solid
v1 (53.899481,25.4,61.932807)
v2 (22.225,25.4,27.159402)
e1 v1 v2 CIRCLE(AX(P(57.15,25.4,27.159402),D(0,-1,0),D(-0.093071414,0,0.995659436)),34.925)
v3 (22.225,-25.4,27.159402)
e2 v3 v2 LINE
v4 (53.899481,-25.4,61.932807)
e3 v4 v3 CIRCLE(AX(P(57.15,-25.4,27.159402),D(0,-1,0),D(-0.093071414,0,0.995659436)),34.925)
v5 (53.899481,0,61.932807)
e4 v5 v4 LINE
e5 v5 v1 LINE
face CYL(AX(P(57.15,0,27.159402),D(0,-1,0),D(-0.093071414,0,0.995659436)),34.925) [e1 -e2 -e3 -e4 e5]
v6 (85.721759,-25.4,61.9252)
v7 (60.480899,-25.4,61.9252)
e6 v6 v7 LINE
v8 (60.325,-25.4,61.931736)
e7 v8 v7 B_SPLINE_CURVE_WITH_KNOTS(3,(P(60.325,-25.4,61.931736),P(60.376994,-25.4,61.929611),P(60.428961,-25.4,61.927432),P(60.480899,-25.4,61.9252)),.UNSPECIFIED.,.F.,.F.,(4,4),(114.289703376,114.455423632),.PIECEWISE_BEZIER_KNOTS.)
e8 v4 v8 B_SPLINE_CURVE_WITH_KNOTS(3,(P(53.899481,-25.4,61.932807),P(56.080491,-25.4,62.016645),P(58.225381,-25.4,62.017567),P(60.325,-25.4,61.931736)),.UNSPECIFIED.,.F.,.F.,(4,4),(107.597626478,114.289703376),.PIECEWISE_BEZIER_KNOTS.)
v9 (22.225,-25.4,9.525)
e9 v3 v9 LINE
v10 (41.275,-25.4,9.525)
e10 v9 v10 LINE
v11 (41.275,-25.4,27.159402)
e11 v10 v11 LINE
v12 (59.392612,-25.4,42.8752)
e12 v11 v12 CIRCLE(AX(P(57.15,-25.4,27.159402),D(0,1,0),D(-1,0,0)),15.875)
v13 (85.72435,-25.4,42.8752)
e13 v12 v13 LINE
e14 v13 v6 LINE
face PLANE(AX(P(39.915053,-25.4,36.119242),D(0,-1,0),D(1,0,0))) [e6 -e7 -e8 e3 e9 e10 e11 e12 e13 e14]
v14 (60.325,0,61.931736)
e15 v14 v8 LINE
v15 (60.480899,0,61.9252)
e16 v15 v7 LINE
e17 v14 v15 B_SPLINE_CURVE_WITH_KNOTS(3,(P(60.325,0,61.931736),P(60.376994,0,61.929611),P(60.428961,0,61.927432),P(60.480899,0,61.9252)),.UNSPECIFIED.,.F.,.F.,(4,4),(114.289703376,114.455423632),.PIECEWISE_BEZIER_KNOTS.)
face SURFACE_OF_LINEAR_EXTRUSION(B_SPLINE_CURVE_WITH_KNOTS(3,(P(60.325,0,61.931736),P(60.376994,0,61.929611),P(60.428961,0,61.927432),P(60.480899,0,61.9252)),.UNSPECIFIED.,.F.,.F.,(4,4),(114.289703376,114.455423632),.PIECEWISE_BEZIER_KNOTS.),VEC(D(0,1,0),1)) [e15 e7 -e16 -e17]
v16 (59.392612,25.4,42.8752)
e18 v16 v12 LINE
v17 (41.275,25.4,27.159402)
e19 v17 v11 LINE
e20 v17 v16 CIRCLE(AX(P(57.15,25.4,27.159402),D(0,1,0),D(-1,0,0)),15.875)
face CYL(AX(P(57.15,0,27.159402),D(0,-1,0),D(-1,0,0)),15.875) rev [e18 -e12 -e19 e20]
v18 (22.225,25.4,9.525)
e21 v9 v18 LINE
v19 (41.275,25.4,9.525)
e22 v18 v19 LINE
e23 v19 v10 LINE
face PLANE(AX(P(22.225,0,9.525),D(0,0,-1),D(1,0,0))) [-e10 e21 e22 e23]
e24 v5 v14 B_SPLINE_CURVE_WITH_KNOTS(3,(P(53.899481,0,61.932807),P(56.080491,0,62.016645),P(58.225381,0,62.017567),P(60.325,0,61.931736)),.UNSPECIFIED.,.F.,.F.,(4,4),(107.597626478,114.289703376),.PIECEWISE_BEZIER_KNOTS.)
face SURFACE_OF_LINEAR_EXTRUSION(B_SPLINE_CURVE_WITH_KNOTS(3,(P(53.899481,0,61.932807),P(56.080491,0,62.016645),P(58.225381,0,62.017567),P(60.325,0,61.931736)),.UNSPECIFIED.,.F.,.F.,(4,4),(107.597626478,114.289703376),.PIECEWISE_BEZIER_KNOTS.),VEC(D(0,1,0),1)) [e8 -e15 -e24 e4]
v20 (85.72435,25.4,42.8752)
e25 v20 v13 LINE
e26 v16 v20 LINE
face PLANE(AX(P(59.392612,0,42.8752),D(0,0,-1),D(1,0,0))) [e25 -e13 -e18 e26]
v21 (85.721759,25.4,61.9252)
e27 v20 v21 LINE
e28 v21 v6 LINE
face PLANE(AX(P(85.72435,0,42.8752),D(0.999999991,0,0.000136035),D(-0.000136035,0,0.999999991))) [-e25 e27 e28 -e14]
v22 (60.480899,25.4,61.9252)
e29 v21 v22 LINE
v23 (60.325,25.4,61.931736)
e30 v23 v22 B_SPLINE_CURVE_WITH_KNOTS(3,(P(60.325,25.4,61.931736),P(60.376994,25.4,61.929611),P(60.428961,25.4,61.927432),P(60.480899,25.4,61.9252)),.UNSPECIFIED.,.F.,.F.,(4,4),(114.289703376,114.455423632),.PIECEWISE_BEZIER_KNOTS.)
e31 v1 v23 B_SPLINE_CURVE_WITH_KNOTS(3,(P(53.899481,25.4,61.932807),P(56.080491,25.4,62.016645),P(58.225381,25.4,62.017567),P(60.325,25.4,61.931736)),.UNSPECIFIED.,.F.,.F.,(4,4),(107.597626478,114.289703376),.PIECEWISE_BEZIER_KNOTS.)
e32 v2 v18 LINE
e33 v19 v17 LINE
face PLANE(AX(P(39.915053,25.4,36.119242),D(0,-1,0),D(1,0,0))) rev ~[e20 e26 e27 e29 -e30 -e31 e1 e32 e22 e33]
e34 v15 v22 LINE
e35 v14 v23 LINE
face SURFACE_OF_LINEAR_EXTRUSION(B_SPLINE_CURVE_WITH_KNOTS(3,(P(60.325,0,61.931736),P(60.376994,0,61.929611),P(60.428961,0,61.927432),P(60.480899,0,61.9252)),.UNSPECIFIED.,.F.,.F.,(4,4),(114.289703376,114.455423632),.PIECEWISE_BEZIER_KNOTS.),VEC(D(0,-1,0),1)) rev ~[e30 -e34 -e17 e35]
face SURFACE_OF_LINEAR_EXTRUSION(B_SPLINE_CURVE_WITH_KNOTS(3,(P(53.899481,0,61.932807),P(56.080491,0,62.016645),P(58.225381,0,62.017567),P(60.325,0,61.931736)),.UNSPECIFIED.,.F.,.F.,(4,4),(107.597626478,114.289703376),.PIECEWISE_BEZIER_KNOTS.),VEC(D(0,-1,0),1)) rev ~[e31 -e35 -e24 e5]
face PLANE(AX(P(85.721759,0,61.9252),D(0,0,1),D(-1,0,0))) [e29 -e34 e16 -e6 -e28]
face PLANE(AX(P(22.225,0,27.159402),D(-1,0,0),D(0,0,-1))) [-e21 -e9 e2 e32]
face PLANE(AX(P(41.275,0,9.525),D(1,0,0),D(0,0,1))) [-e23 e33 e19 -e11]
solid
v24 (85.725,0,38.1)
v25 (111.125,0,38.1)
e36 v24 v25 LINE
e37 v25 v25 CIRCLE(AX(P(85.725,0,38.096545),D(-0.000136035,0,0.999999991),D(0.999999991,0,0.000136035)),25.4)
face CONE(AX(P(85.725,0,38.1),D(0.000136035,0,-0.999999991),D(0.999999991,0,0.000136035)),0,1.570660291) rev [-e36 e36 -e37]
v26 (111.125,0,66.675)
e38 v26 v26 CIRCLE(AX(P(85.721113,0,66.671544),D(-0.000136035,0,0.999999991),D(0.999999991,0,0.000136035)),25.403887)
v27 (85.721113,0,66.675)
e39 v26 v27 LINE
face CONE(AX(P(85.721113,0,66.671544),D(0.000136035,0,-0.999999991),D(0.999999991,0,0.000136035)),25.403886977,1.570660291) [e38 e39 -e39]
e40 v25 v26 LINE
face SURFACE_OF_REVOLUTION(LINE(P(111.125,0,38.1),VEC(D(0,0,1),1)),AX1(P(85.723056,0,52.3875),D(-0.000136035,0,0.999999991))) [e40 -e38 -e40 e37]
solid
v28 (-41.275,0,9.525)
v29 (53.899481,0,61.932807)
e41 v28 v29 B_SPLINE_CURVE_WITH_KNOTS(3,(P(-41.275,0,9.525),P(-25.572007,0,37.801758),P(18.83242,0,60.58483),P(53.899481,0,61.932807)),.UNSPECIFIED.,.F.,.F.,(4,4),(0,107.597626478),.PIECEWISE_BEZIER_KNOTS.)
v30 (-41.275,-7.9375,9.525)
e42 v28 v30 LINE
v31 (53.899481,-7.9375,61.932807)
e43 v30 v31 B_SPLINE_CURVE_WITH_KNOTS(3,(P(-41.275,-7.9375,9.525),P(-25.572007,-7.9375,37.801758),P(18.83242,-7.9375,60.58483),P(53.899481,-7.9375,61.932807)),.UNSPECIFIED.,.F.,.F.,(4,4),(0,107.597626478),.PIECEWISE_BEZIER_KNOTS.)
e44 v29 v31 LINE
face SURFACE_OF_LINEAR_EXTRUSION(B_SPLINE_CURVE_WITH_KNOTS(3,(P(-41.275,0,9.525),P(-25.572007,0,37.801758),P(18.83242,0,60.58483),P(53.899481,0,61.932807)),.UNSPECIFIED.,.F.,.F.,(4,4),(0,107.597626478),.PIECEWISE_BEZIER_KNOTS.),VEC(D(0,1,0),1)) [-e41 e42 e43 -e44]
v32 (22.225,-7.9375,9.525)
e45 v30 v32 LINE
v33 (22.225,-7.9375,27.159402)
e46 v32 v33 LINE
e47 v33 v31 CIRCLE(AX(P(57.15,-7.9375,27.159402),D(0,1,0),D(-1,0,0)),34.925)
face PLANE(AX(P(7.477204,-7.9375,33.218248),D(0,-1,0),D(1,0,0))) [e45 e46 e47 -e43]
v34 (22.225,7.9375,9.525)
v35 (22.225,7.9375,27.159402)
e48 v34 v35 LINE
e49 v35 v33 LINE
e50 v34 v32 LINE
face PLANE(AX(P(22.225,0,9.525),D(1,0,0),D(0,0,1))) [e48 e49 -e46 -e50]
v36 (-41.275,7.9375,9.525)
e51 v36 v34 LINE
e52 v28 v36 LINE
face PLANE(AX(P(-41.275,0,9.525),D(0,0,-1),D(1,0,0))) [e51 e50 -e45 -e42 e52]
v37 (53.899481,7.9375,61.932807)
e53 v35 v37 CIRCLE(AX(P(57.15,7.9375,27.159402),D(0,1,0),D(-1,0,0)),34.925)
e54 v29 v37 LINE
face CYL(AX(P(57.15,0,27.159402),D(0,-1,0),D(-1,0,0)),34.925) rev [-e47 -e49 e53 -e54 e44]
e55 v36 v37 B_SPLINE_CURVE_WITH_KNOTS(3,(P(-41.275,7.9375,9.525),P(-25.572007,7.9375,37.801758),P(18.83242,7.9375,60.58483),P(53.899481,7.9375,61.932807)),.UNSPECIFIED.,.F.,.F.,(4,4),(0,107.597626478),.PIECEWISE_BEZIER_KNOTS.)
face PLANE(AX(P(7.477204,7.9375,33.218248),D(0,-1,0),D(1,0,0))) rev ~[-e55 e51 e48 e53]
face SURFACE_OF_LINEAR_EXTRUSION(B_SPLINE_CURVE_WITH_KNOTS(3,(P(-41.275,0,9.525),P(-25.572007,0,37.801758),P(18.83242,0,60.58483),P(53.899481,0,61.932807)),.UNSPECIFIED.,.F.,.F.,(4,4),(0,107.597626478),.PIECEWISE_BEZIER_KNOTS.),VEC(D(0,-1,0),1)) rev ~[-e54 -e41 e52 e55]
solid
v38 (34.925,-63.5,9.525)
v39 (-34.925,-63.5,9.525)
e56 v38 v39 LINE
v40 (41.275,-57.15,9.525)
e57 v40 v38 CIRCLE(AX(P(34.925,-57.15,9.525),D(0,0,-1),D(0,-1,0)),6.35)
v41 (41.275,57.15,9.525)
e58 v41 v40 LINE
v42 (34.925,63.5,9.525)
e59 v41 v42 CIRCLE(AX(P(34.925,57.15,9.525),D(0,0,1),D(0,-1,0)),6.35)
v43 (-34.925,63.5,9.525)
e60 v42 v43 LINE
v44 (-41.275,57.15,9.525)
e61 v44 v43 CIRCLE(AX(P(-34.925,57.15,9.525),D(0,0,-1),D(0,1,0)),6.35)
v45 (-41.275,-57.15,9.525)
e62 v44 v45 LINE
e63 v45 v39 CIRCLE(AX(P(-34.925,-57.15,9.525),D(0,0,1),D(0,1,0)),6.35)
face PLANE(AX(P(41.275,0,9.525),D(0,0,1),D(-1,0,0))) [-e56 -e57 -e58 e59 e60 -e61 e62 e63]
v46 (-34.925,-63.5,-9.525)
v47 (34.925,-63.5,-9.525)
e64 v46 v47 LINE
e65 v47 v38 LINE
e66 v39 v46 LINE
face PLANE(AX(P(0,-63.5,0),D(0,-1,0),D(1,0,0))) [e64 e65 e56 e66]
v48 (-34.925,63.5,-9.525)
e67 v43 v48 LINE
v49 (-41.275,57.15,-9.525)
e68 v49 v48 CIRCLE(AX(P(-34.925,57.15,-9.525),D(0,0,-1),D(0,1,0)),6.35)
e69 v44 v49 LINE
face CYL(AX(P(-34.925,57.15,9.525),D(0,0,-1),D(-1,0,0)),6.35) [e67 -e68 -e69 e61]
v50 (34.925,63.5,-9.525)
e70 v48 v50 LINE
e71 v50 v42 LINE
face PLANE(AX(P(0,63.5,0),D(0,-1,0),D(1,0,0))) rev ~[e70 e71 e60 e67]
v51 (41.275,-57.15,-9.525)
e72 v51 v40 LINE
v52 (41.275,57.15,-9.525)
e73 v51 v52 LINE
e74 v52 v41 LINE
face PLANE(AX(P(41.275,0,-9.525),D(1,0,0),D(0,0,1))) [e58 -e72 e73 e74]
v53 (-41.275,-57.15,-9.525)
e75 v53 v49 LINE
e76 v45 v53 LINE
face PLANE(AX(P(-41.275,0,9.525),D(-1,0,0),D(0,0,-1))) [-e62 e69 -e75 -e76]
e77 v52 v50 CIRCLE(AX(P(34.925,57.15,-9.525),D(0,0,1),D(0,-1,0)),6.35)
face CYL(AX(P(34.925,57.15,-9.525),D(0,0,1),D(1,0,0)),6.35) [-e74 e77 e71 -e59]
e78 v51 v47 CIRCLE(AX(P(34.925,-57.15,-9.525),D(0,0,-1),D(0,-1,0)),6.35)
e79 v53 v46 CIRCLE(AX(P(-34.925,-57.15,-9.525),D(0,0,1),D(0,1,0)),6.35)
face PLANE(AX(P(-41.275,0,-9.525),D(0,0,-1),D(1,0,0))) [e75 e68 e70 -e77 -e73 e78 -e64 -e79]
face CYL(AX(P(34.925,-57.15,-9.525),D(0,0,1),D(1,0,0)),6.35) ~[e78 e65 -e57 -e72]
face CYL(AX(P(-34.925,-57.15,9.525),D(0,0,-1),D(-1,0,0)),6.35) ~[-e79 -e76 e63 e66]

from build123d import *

# Parameters (mm, degrees)
F1_DEPTH = 63.5
F2_DEPTH = 7.9375
F3_DEPTH = 25.4
F5_R     = 6.35


with BuildPart() as f1:
    # F0 (on Front) → F1 (new body, symmetric)
    with BuildSketch(Plane.XZ):
        Polygon((41.275, -9.525), (41.275, 9.525), (22.225, 9.525), (-41.275, 9.525), (-41.275, -9.525), align=None)
    extrude(amount=F1_DEPTH, both=True)

    # F5
    f5_edges = [f1.edges().sort_by_distance(p)[0] for p in [
        (-41.275, -63.5, 0),
        (41.275, -63.5, 0),
        (41.275, 63.5, 0),
        (-41.275, 63.5, 0),
    ]]
    fillet(f5_edges, radius=F5_R)


with BuildPart() as f2:
    # F0 (on Front) → F2 (new body, symmetric)
    with BuildSketch(Plane.XZ):
        with BuildLine():
            Line((-41.275, 9.525), (22.225, 9.525))
            Line((22.225, 9.525), (22.225, 27.1594016492))
            ThreePointArc((22.225, 27.1594016492), (31.3306273777, 50.6778119354), (53.8994808814, 61.9328074424))
            add(Edge.make_bspline(
                [(-41.275, 9.525), (-25.5720066946, 37.8017577356), (18.8324201722, 60.5848298703), (53.8994808814, 61.9328074424)],
                knots=[0, 0, 0, 0, 107.5976264782, 107.5976264782, 107.5976264782, 107.5976264782], degree=3))
        make_face()
    extrude(amount=F2_DEPTH, both=True)


with BuildPart() as f3:
    # F0 (on Front) → F3 (new body, symmetric)
    with BuildSketch(Plane.XZ):
        with BuildLine():
            Line((22.225, 9.525), (41.275, 9.525))
            Line((41.275, 9.525), (41.275, 27.1594016492))
            ThreePointArc((41.275, 27.1594016492), (46.7477366788, 39.1514216124), (59.392611691, 42.8752))
            Line((59.392611691, 42.8752), (60.325, 42.8752))
            Line((60.325, 42.8752), (60.325, 61.9317360992))
            add(Edge.make_bspline(
                [(53.8994808814, 61.9328074424), (56.0804905793, 62.0166454402), (58.2253808503, 62.0175667651), (60.325, 61.9317360992)],
                knots=[107.5976264782, 107.5976264782, 107.5976264782, 107.5976264782, 114.2897033756, 114.2897033756, 114.2897033756, 114.2897033756], degree=3))
            ThreePointArc((53.8994808814, 61.9328074424), (31.3306273777, 50.6778119354), (22.225, 27.1594016492))
            Line((22.225, 27.1594016492), (22.225, 9.525))
        make_face()
        with BuildLine():
            Line((60.325, 61.9317360992), (60.325, 42.8752))
            Line((60.325, 42.8752), (85.7243504036, 42.8752))
            Line((85.7243504036, 42.8752), (85.7217589288, 61.9252))
            Line((85.7217589288, 61.9252), (60.4808992826, 61.9252))
            add(Edge.make_bspline(
                [(60.325, 61.9317360992), (60.3769942358, 61.9296106185), (60.4289607097, 61.9274319382), (60.4808992826, 61.9252)],
                knots=[114.2897033756, 114.2897033756, 114.2897033756, 114.2897033756, 114.4554236323, 114.4554236323, 114.4554236323, 114.4554236323], degree=3))
        make_face()
    extrude(amount=F3_DEPTH, both=True)


with BuildPart() as f4:
    # F0 (on Front) → F4 (revolve)
    with BuildSketch(Plane.XZ):
        Polygon((85.7217589288, 61.9252), (85.7243504036, 42.8752), (85.725, 38.1), (111.125, 38.1), (111.125, 66.675), (85.7211127877, 66.675), align=None)
    revolve(axis=Axis((85.7230563939, 0, 52.3875), (-0.0001360354, 0, 0.9999999907)))


solid = Compound([f1.part, f2.part, f3.part, f4.part])
